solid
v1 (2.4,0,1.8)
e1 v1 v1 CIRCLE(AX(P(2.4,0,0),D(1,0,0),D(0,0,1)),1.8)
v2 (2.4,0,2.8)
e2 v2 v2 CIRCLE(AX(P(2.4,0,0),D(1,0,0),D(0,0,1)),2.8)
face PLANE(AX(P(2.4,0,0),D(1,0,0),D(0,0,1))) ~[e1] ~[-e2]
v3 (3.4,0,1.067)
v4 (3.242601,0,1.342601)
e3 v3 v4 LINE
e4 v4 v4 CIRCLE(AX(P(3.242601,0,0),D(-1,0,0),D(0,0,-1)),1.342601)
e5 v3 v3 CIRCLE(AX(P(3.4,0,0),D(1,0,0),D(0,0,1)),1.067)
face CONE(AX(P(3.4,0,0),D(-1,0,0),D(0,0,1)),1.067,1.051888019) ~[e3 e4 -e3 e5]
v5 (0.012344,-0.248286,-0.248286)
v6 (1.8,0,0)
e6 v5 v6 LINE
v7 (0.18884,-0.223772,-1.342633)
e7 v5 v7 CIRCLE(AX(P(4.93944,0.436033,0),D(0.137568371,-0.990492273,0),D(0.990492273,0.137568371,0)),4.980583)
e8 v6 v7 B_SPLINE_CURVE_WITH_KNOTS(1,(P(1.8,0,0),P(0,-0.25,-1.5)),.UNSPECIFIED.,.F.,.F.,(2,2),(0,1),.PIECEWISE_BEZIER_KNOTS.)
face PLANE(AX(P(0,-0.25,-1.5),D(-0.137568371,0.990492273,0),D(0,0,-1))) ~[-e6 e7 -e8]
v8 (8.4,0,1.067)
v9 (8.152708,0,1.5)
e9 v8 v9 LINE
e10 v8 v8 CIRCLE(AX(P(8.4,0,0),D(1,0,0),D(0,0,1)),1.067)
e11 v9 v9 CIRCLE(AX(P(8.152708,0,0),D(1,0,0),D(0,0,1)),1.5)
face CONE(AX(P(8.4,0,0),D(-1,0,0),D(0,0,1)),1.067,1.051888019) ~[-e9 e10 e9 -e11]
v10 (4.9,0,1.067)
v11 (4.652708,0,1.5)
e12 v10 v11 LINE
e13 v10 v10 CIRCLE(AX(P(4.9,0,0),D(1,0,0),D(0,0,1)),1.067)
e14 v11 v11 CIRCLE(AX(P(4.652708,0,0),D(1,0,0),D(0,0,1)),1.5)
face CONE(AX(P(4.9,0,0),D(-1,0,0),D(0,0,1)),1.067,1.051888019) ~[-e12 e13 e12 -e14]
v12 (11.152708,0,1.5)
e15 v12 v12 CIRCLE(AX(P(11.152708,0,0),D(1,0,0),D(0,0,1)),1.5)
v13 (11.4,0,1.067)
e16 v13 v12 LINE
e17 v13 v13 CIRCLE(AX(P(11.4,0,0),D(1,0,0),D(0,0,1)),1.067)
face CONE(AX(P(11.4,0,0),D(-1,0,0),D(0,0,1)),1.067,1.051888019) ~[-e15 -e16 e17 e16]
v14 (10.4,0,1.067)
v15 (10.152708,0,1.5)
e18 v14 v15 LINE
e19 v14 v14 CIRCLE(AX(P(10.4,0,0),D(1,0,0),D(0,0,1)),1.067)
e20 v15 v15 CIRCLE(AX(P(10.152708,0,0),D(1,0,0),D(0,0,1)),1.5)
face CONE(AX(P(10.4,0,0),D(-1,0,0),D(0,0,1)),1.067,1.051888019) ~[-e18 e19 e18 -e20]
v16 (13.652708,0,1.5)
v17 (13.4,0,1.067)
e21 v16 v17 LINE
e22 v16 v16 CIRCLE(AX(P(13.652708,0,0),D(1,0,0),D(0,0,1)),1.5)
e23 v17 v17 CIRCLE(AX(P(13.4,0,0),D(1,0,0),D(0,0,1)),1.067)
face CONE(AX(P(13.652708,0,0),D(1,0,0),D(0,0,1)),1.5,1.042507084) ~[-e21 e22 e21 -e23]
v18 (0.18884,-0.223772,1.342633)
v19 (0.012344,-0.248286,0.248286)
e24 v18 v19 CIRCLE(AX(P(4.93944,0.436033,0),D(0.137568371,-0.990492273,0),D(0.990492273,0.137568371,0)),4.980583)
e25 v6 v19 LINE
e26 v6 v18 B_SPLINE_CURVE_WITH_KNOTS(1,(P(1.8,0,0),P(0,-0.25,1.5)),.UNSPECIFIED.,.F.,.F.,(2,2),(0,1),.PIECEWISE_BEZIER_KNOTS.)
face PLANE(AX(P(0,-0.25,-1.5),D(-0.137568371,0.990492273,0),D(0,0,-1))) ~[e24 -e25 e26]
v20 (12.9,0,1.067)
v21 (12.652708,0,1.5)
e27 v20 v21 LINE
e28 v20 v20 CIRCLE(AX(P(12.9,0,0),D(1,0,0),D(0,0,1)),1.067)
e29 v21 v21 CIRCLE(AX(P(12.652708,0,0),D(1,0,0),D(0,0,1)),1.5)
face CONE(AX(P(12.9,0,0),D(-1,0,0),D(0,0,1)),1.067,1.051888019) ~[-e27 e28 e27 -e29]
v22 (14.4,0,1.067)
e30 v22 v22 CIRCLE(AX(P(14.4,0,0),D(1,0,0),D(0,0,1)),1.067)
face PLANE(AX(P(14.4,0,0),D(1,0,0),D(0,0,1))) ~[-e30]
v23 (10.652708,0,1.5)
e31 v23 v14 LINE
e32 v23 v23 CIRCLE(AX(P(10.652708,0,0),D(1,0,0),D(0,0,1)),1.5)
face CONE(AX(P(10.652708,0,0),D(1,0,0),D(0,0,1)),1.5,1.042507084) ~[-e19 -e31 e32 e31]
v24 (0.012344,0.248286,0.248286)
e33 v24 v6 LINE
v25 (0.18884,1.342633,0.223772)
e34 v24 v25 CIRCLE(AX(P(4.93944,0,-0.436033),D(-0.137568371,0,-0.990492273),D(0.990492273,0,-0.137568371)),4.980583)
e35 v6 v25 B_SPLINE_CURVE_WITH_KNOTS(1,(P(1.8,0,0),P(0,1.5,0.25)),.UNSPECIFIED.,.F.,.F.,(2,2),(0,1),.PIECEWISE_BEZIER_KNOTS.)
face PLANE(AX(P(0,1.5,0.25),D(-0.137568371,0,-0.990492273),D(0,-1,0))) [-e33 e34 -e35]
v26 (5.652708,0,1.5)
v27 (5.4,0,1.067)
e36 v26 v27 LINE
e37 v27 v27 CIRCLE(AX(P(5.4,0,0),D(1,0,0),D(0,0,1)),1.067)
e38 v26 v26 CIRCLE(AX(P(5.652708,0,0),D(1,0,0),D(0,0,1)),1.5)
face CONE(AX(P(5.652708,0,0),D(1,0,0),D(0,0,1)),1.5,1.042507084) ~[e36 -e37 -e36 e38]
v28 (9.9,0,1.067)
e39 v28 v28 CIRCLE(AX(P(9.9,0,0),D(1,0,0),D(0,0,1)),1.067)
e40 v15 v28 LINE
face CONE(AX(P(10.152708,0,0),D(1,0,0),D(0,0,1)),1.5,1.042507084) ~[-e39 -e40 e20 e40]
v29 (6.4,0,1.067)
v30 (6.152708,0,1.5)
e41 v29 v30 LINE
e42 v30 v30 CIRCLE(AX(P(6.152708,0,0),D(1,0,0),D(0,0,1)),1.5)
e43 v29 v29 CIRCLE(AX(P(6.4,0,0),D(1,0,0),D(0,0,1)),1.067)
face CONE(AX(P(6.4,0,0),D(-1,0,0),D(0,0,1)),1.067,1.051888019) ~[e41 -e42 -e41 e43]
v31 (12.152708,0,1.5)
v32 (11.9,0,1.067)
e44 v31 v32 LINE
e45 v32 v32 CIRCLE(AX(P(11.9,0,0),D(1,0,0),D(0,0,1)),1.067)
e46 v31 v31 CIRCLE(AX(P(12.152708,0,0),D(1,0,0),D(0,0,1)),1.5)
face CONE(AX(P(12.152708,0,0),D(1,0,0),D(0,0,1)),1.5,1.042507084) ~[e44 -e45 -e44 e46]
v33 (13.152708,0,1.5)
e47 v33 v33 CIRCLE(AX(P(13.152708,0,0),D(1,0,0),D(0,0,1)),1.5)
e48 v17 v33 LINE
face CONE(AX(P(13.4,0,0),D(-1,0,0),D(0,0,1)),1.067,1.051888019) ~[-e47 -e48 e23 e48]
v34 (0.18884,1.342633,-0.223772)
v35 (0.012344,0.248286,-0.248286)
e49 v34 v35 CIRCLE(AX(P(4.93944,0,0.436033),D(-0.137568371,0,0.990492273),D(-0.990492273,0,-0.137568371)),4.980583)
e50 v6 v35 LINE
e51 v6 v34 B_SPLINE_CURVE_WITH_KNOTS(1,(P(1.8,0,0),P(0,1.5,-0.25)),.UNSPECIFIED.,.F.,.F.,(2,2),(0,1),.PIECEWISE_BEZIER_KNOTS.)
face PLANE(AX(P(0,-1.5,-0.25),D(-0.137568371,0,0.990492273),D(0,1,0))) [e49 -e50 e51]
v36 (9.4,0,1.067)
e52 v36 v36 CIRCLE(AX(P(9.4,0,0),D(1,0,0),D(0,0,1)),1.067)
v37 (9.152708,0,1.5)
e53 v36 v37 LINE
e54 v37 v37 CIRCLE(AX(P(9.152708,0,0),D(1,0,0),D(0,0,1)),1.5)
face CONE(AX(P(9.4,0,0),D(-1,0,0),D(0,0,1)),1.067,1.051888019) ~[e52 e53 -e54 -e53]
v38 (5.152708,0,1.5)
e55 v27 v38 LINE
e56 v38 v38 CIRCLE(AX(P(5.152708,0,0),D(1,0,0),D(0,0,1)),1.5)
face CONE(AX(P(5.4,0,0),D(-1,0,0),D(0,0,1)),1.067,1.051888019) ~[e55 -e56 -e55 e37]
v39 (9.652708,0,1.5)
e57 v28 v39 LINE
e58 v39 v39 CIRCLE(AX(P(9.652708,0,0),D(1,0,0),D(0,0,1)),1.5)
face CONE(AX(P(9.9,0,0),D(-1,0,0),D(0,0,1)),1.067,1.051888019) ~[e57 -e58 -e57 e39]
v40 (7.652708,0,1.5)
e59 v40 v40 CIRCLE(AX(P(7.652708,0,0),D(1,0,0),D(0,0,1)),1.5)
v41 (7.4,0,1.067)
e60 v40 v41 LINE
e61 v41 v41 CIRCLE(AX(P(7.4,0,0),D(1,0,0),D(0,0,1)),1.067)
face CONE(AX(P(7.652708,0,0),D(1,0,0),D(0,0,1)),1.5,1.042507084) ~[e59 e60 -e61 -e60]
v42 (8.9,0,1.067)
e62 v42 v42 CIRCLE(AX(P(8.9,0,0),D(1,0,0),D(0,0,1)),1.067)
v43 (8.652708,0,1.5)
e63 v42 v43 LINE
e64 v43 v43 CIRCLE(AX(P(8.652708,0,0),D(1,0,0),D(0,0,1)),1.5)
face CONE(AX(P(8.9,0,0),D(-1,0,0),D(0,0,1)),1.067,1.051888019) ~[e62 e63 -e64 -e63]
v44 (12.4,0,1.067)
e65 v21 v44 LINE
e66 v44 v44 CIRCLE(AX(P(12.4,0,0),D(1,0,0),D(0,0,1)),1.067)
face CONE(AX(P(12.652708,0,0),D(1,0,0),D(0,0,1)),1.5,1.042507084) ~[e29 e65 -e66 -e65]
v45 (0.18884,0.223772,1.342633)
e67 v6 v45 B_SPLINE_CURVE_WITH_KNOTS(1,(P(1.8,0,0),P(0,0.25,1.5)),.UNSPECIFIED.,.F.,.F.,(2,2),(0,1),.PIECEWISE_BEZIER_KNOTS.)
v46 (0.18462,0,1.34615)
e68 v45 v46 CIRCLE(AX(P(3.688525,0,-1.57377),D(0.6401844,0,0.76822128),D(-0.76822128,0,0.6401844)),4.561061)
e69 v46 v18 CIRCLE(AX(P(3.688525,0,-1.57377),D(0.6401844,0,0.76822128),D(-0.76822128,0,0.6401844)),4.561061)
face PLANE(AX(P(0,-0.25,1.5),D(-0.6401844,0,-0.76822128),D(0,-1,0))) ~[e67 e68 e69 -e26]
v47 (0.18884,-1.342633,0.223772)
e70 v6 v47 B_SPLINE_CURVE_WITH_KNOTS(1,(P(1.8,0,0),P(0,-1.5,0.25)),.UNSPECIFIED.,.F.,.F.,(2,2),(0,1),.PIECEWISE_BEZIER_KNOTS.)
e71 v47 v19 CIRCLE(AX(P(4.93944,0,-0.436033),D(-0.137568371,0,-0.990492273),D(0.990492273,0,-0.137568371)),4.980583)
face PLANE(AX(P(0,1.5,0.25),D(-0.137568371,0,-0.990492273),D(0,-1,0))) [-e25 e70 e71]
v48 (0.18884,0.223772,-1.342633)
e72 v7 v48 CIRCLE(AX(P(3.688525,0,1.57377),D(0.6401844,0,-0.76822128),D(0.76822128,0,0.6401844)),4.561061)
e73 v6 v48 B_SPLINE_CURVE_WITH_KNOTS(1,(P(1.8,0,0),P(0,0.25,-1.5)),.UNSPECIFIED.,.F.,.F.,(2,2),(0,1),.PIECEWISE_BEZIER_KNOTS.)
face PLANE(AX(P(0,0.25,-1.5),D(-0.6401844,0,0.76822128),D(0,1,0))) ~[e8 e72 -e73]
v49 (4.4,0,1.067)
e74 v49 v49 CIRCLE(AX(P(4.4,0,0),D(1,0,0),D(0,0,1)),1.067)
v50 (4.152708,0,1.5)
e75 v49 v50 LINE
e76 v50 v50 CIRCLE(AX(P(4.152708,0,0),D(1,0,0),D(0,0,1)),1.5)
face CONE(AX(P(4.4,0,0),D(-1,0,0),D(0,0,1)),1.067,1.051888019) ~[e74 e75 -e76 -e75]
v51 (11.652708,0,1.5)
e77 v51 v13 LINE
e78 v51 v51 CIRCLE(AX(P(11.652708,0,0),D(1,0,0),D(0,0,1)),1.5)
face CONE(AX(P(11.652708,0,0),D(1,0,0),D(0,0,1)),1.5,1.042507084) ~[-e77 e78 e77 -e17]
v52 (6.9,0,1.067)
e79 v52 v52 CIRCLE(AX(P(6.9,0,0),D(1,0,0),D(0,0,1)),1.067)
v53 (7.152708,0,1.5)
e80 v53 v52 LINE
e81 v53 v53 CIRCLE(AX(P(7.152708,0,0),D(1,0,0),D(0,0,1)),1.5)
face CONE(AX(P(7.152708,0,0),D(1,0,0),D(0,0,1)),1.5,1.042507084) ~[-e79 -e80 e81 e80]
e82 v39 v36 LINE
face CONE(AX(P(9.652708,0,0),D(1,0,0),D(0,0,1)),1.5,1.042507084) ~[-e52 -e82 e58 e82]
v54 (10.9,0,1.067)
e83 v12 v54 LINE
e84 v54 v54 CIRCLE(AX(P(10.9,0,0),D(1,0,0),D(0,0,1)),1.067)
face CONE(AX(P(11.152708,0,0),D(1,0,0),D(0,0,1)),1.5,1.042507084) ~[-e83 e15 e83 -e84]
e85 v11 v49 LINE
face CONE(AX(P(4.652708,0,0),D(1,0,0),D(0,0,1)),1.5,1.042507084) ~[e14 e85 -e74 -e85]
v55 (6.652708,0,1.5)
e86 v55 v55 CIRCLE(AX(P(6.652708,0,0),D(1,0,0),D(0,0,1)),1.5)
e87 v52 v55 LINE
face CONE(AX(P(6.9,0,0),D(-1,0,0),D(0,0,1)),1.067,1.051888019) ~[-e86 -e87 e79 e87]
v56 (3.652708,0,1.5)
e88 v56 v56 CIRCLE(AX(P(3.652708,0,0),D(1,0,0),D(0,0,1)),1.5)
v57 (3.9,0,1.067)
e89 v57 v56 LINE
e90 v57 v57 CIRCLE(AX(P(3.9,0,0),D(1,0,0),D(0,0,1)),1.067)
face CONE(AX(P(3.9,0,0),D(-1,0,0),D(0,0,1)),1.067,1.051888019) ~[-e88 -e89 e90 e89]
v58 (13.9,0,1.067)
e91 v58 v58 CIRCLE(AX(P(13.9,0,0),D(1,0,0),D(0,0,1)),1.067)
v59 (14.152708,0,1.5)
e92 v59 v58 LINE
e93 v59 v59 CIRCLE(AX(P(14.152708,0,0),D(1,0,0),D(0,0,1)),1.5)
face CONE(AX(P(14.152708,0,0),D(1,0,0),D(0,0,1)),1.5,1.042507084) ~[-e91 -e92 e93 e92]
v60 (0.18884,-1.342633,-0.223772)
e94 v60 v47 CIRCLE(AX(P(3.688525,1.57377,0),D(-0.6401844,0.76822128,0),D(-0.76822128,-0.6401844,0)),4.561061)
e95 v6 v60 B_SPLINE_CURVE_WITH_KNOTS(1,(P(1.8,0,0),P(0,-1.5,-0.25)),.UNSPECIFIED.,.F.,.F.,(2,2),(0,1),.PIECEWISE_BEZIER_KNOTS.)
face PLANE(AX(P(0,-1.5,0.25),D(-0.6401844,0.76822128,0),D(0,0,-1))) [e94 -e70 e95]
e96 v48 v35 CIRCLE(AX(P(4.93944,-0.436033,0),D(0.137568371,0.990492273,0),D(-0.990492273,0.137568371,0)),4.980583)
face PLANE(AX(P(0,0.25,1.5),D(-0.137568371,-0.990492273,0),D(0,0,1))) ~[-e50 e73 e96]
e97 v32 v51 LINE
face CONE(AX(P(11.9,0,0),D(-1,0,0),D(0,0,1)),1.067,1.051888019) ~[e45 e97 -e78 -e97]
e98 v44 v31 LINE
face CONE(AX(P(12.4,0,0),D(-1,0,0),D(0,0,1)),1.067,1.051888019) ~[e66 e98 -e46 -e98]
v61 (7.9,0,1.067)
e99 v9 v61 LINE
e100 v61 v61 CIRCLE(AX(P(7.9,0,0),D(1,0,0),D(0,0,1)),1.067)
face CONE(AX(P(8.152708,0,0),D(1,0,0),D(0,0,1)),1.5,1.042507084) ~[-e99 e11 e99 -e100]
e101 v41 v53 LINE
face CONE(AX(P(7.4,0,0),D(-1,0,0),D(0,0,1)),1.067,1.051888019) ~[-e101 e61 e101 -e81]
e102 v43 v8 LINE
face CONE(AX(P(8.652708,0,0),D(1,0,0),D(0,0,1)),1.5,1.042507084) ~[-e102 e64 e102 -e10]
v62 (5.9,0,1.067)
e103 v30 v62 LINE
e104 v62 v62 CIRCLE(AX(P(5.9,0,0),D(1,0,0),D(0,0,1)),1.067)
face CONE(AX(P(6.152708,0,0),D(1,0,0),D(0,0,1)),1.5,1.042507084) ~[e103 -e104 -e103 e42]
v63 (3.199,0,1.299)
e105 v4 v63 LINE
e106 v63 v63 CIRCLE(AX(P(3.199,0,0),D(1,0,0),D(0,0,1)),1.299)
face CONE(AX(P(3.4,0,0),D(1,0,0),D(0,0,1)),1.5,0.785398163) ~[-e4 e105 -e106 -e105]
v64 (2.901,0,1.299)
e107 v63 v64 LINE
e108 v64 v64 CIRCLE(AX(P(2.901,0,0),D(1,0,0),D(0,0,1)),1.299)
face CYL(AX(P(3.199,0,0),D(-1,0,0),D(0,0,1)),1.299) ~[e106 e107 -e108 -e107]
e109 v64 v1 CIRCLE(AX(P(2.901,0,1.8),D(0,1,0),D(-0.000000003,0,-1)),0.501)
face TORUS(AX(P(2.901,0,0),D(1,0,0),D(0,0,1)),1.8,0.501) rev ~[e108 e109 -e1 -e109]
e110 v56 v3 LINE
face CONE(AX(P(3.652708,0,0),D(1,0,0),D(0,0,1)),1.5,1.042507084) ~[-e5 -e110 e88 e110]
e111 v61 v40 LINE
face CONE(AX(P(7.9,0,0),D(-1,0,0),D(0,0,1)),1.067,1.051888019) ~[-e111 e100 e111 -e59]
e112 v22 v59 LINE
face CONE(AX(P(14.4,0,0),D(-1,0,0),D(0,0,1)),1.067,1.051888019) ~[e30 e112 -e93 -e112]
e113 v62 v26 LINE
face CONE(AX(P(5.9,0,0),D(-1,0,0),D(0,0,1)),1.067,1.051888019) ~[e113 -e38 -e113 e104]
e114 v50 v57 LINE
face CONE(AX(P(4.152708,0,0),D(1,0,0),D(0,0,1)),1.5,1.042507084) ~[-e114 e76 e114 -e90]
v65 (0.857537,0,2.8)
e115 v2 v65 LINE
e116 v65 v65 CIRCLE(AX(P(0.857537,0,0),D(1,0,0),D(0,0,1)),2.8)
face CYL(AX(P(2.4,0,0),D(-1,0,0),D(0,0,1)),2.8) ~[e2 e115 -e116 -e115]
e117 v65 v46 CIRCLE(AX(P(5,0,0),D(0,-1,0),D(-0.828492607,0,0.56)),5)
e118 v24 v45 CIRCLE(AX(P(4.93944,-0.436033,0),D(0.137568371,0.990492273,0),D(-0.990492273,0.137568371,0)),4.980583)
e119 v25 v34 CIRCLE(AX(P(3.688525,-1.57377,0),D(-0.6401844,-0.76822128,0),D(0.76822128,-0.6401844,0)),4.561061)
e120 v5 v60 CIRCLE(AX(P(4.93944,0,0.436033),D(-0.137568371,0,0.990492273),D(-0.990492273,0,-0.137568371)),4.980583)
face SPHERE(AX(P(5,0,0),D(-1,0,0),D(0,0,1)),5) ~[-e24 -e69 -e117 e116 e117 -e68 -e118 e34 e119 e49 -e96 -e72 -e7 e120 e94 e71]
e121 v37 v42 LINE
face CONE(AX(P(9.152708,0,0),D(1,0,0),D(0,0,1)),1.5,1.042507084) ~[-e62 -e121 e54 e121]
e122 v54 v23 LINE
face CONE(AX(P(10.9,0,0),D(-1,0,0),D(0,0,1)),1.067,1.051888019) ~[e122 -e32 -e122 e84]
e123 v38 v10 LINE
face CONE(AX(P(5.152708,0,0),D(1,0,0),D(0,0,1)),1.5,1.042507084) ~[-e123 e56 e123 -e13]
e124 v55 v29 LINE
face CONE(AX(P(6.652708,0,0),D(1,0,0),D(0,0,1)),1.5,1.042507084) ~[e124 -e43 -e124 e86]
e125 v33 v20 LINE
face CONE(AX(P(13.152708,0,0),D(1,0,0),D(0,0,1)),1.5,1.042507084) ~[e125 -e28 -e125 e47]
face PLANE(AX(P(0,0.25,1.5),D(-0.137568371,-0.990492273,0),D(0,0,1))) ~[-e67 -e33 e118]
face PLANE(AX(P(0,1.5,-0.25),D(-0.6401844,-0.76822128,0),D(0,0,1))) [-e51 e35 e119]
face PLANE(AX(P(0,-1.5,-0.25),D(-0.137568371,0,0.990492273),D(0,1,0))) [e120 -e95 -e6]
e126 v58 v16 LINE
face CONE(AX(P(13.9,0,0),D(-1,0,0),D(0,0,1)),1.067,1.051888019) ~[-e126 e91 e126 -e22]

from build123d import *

# Parameters (mm, degrees)
PATTERN_LINEAR_1_COUNT = 23
PATTERN_LINEAR_1_PITCH = 0.5


with BuildPart() as part:
    # 草图2 → Revolve 706 (revolve)
    with BuildSketch(Plane.XY, mode=Mode.PRIVATE) as revolve_706_sk:
        with BuildLine():
            Line((0, 0), (14.4, 0))
            Line((14.4, 0), (14.4, 1.5))
            Line((14.4, 1.5), (3.4, 1.5))
            Line((3.4, 1.5), (3.199, 1.299))
            Line((3.199, 1.299), (2.901, 1.299))
            ThreePointArc((2.901, 1.299), (2.546739503, 1.445739503), (2.4, 1.8))
            Line((2.4, 1.8), (2.4, 2.8))
            Line((2.4, 2.8), (0.857536965, 2.8))
            ThreePointArc((0.857536965, 2.8), (0.219188606, 1.464186604), (0, 0))
        make_face()
    revolve(revolve_706_sk.sketch.rotate(Axis((-1.331757704, 0, 0), (1, 0, 0)), 90), axis=Axis((-1.331757704, 0, 0), (1, 0, 0)))

    # 草图3 → 切除-旋转1 (revolve, cut)
    with BuildSketch(Plane.XY, mode=Mode.PRIVATE) as cut_revolve_1_sk:
        Polygon((14.152708003, 1.5), (14.652708003, 1.5), (14.4, 1.067), align=None)
    cut_revolve_1 = revolve(cut_revolve_1_sk.sketch.rotate(Axis((-0.242766179, 0, 0), (1, 0, 0)), 90), axis=Axis((-0.242766179, 0, 0), (1, 0, 0)), mode=Mode.SUBTRACT)

    # 阵列(线性)1: 切除-旋转1 ×23
    with Locations(*[(-i * PATTERN_LINEAR_1_PITCH, 0, 0) for i in range(1, PATTERN_LINEAR_1_COUNT)]):
        add(cut_revolve_1, mode=Mode.SUBTRACT)

    # 草图5 → 切除-放样1 section 0
    with BuildSketch(Plane(origin=(0, 0, 0), x_dir=(0, 0, -1), z_dir=(1, 0, 0)), mode=Mode.PRIVATE) as loft_1_s0:
        with BuildLine():
            Line((0.25, 1.5), (-0.25, 1.5))
            Line((-0.25, 1.5), (-0.25, -1.5))
            Line((-0.25, -1.5), (0.25, -1.5))
            Line((0.25, -1.5), (0.25, 1.5))
        make_face()
    loft_1 = loft([Vertex(1.8, 0, 0), loft_1_s0.sketch], mode=Mode.SUBTRACT)

    # 镜向1: 切除-放样1 across plane
    add(loft_1.mirror(Plane(origin=(0, 0, 0), x_dir=(0, 0.7071067811865462, 0.7071067811865488), z_dir=(0, -0.7071067811865488, 0.7071067811865462))), mode=Mode.SUBTRACT)


solid = part.part
